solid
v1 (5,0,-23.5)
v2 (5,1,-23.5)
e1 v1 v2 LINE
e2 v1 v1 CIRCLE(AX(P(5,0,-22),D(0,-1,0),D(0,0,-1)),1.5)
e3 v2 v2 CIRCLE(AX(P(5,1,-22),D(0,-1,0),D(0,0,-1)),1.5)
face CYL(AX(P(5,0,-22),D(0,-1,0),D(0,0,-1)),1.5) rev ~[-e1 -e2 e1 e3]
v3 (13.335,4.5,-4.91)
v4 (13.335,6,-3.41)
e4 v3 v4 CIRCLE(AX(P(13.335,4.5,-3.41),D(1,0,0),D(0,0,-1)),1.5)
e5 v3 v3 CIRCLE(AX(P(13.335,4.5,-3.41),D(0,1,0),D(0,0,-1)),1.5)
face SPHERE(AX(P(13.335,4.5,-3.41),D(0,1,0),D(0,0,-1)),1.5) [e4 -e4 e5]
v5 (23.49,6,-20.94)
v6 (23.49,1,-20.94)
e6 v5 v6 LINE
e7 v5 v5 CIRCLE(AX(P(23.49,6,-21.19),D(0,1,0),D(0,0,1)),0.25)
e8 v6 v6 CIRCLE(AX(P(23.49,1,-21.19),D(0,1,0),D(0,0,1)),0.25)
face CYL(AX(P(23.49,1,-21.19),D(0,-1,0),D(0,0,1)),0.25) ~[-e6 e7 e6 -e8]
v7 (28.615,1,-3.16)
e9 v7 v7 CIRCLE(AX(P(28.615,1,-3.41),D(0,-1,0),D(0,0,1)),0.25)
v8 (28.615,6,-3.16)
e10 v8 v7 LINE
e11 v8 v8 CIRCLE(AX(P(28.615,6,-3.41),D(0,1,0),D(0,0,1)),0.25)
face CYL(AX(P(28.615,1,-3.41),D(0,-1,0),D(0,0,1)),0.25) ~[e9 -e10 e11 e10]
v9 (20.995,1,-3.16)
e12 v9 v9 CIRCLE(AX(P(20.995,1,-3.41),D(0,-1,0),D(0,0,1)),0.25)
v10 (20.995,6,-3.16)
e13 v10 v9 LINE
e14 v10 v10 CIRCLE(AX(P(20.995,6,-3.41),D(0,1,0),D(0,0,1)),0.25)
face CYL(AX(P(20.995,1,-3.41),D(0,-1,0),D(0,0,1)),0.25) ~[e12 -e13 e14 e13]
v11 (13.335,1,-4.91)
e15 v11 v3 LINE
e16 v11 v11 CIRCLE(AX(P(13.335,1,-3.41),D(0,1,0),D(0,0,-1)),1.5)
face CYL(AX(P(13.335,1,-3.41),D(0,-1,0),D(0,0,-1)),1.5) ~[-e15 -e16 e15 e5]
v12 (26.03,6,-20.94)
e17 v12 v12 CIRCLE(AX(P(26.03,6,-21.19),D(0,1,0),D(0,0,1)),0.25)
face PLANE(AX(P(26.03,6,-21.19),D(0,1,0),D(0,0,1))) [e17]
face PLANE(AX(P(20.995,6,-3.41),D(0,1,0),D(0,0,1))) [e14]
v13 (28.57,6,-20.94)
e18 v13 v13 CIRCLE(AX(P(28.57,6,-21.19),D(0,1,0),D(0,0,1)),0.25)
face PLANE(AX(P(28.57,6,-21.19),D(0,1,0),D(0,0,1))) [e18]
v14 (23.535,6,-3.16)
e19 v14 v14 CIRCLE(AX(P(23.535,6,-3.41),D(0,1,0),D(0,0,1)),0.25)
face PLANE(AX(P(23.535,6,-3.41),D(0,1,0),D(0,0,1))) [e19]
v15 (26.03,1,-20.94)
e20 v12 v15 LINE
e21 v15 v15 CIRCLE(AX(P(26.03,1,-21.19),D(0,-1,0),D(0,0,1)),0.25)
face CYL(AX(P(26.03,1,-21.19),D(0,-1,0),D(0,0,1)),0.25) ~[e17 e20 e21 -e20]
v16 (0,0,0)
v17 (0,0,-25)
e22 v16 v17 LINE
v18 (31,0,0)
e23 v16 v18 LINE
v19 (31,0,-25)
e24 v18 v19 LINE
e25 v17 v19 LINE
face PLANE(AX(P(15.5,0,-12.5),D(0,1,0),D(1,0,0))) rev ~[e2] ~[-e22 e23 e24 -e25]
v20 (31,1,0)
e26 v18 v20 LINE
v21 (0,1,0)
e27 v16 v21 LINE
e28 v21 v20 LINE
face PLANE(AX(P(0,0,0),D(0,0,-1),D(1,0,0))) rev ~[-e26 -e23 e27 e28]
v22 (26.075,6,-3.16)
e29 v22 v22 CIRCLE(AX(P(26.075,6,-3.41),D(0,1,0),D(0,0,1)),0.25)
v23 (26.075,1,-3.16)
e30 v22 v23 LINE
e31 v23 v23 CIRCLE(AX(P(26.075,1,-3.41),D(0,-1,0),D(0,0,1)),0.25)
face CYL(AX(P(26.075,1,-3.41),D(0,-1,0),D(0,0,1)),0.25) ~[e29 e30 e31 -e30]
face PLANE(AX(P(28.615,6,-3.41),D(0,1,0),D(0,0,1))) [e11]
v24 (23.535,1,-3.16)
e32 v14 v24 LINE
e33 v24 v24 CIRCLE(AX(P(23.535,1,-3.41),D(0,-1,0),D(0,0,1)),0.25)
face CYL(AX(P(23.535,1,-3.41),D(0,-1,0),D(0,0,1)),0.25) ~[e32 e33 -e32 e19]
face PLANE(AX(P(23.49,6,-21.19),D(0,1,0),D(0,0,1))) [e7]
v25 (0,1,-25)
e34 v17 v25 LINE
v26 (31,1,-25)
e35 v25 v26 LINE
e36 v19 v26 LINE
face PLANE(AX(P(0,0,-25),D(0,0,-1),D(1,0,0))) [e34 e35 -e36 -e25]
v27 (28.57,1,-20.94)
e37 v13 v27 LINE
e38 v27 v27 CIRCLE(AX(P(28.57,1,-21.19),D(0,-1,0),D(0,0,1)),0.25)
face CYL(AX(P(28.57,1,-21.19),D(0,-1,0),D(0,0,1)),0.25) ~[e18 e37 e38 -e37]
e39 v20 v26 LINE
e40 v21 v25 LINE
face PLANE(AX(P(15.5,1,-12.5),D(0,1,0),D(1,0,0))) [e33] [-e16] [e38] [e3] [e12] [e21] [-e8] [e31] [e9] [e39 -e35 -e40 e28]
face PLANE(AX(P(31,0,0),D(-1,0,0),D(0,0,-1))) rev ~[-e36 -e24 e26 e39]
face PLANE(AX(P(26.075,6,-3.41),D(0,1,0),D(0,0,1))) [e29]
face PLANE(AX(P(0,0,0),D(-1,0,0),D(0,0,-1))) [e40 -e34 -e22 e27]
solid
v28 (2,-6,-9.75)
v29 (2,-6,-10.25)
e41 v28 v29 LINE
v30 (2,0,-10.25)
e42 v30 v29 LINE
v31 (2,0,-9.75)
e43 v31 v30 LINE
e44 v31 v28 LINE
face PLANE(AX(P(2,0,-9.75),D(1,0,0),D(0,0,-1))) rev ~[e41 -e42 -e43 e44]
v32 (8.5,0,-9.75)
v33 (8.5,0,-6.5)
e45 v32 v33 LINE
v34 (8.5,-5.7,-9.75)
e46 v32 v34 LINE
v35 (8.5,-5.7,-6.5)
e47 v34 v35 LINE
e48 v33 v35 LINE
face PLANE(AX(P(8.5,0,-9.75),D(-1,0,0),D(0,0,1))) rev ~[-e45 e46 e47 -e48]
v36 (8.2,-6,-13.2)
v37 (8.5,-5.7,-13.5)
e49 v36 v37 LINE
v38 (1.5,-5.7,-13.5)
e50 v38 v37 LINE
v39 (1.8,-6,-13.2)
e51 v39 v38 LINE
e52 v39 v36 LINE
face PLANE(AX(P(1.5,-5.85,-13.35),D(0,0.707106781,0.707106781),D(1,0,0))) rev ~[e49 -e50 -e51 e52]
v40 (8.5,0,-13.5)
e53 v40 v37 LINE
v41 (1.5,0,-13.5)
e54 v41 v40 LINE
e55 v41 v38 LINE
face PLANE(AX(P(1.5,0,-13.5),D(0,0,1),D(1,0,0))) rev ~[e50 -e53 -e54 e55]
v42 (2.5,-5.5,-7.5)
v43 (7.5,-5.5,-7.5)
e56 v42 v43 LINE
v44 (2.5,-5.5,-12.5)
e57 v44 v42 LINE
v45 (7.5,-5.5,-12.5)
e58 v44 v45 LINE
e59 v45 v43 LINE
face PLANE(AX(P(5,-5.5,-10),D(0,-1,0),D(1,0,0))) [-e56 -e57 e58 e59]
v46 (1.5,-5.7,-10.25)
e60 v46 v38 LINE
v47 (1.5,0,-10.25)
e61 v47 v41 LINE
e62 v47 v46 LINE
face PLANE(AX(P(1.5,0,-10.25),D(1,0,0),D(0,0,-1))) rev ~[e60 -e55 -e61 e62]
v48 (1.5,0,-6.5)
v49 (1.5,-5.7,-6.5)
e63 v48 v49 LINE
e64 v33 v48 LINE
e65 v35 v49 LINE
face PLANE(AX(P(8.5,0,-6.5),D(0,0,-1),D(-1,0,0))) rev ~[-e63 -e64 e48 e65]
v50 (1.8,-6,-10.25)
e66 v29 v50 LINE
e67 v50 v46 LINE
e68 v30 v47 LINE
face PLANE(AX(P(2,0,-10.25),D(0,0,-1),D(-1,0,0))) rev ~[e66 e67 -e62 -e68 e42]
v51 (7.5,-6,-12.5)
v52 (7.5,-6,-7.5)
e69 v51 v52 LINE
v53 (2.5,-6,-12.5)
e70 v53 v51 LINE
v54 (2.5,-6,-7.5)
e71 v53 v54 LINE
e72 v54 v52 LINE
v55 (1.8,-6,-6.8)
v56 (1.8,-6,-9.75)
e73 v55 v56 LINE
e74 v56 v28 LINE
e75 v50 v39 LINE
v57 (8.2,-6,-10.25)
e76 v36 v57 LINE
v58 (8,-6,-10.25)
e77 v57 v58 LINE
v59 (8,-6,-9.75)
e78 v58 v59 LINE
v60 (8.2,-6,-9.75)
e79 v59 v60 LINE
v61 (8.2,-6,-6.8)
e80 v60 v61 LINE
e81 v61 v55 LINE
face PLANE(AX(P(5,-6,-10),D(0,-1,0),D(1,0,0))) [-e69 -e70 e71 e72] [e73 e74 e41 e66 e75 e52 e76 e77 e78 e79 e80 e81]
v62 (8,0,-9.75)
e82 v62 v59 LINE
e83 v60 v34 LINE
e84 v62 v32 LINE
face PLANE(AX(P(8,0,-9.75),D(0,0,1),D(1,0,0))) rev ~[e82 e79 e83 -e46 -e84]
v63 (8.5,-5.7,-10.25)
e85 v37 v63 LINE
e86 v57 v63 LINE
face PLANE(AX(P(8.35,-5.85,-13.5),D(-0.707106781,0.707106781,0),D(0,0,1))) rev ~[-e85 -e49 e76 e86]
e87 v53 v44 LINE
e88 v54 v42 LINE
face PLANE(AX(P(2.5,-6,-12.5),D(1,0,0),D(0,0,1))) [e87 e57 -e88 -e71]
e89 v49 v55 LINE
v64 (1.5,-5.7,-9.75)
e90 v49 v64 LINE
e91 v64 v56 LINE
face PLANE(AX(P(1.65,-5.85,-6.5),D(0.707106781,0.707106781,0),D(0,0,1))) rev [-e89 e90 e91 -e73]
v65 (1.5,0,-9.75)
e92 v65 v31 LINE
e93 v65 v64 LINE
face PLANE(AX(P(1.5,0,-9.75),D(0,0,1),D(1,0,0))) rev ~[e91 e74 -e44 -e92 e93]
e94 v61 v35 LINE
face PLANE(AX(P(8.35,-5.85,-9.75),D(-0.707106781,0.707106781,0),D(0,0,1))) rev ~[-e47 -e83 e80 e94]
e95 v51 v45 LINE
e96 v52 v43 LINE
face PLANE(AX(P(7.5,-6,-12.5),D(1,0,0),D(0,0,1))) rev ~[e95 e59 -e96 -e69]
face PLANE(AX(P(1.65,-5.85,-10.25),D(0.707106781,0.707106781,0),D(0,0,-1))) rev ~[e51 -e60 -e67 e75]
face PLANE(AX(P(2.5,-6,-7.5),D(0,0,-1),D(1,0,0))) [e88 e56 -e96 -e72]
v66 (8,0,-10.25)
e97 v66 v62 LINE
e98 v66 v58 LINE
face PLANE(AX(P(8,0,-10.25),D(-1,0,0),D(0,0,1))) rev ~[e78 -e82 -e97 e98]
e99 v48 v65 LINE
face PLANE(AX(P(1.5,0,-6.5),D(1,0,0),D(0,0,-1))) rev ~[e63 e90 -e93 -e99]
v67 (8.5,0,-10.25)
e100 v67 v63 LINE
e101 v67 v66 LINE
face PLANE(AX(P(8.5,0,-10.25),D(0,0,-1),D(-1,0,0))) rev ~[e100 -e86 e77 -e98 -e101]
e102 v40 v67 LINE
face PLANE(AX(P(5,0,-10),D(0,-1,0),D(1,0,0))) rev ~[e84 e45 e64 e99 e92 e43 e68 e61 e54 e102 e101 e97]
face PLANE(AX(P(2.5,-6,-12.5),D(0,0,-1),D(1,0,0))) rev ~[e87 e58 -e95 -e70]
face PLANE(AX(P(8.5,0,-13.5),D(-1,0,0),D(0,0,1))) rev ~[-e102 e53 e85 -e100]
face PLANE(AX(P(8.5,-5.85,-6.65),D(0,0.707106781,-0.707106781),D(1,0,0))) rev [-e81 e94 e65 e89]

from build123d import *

# Parameters (mm, degrees)
SKICA1_W                  = 31
SKICA1_H                  = 25
P_IDAT_VYSUNUT_M1_DEPTH   = 1
P_IDAT_VYSUNUT_M2_DEPTH   = 6
SKICA3_W                  = 5
SKICA3_H                  = 5
ODEBRAT_VYSUNUT_M1_DEPTH  = 0.5
SKICA4_R                  = 1.5
ODEBRAT_VYSUNUT_M2_DEPTH  = 41.274061131
ZKOSEN_1_SIZE             = 0.3
SKICA5_R                  = 0.25
P_IDAT_VYSUNUT_M3_DEPTH   = 5
P_IDAT_VYSUNUT_M3_2_DEPTH = 5
P_IDAT_VYSUNUT_M3_3_DEPTH = 5
P_IDAT_VYSUNUT_M3_4_DEPTH = 5
P_IDAT_VYSUNUT_M3_5_DEPTH = 5
P_IDAT_VYSUNUT_M3_6_DEPTH = 5
P_IDAT_VYSUNUT_M3_7_DEPTH = 5
SKICA7_R                  = 0.25
P_IDAT_VYSUNUT_M5_DEPTH   = 0.5
SKICA6_R                  = 1.5
P_IDAT_VYSUNUT_M4_DEPTH   = 5
ZAOBLIT1_R                = 1.5


with BuildPart() as part:
    # Skica1 → Přidat vysunutím1 (new body)
    with BuildSketch(Plane(origin=(0, 0, 0), x_dir=(1, 0, 0), z_dir=(0, 1, 0))):
        with Locations((15.5, 12.5)):
            Rectangle(SKICA1_W, SKICA1_H)
    extrude(amount=P_IDAT_VYSUNUT_M1_DEPTH)

    # Skica4 → Odebrat vysunutím2 (cut, through all)
    with BuildSketch(Plane.XZ):
        with Locations(Location((5, -22, 0), (0, 0, 270))):
            Circle(SKICA4_R)
    extrude(amount=-ODEBRAT_VYSUNUT_M2_DEPTH, mode=Mode.SUBTRACT)



with BuildPart() as body_2:
    # Skica2 → Přidat vysunutím2 (new body)
    with BuildSketch(Plane.XZ):
        Polygon((1.5, -6.5), (1.5, -9.75), (2, -9.75), (2, -10.25), (1.5, -10.25), (1.5, -13.5), (8.5, -13.5), (8.5, -10.25), (8, -10.25), (8, -9.75), (8.5, -9.75), (8.5, -6.5), align=None)
    extrude(amount=P_IDAT_VYSUNUT_M2_DEPTH)

    # Skica3 → Odebrat vysunutím1 (cut)
    with BuildSketch(Plane.XZ.offset(6)):
        with Locations((5, -10)):
            Rectangle(SKICA3_W, SKICA3_H)
    extrude(amount=-ODEBRAT_VYSUNUT_M1_DEPTH, mode=Mode.SUBTRACT)

    # Zkosení1
    zkosen_1_edges = [body_2.edges().sort_by_distance(p)[0] for p in [
        (1.5, -6, -11.875),
        (5, -6, -13.5),
        (8.5, -6, -11.875),
        (8.5, -6, -8.125),
        (5, -6, -6.5),
        (1.5, -6, -8.125),
    ]]
    chamfer(zkosen_1_edges, length=ZKOSEN_1_SIZE)


with BuildPart() as body_3:
    # Skica5 → Přidat vysunutím3 (new body)
    with BuildSketch(Plane(origin=(0, 1, 0), x_dir=(1, 0, 0), z_dir=(0, 1, 0))):
        with Locations(Location((20.995, 3.41, 0), (0, 0, 270))):
            Circle(SKICA5_R)
    extrude(amount=P_IDAT_VYSUNUT_M3_DEPTH)


with BuildPart() as body_4:
    # Skica5 → P_idat vysunut_m3 2 (new body)
    with BuildSketch(Plane(origin=(0, 1, 0), x_dir=(1, 0, 0), z_dir=(0, 1, 0))):
        with Locations(Location((23.535, 3.41, 0), (0, 0, 270))):
            Circle(SKICA5_R)
    extrude(amount=P_IDAT_VYSUNUT_M3_2_DEPTH)


with BuildPart() as body_5:
    # Skica5 → P_idat vysunut_m3 3 (new body)
    with BuildSketch(Plane(origin=(0, 1, 0), x_dir=(1, 0, 0), z_dir=(0, 1, 0))):
        with Locations(Location((26.075, 3.41, 0), (0, 0, 270))):
            Circle(SKICA5_R)
    extrude(amount=P_IDAT_VYSUNUT_M3_3_DEPTH)


with BuildPart() as body_6:
    # Skica5 → P_idat vysunut_m3 4 (new body)
    with BuildSketch(Plane(origin=(0, 1, 0), x_dir=(1, 0, 0), z_dir=(0, 1, 0))):
        with Locations(Location((28.615, 3.41, 0), (0, 0, 270))):
            Circle(SKICA5_R)
    extrude(amount=P_IDAT_VYSUNUT_M3_4_DEPTH)


with BuildPart() as body_7:
    # Skica5 → P_idat vysunut_m3 5 (new body)
    with BuildSketch(Plane(origin=(0, 1, 0), x_dir=(1, 0, 0), z_dir=(0, 1, 0))):
        with Locations(Location((28.57, 21.19, 0), (0, 0, 270))):
            Circle(SKICA5_R)
    extrude(amount=P_IDAT_VYSUNUT_M3_5_DEPTH)


with BuildPart() as body_8:
    # Skica5 → P_idat vysunut_m3 6 (new body)
    with BuildSketch(Plane(origin=(0, 1, 0), x_dir=(1, 0, 0), z_dir=(0, 1, 0))):
        with Locations(Location((26.03, 21.19, 0), (0, 0, 270))):
            Circle(SKICA5_R)
    extrude(amount=P_IDAT_VYSUNUT_M3_6_DEPTH)


with BuildPart() as body_9:
    # Skica5 → P_idat vysunut_m3 7 (new body)
    with BuildSketch(Plane(origin=(0, 1, 0), x_dir=(1, 0, 0), z_dir=(0, 1, 0))):
        with Locations(Location((23.49, 21.19, 0), (0, 0, 270))):
            Circle(SKICA5_R)
    extrude(amount=P_IDAT_VYSUNUT_M3_7_DEPTH)


with BuildPart() as part_1:
    add(part.part)

    add(body_3.part)  # Přidat vysunutím5 merges body 3

    add(body_4.part)  # Přidat vysunutím5 merges body 4

    add(body_5.part)  # Přidat vysunutím5 merges body 5

    add(body_6.part)  # Přidat vysunutím5 merges body 6

    add(body_7.part)  # Přidat vysunutím5 merges body 7

    add(body_8.part)  # Přidat vysunutím5 merges body 8

    add(body_9.part)  # Přidat vysunutím5 merges body 9
    # Skica7 → Přidat vysunutím5 (add)
    with BuildSketch(Plane(origin=(0, 1, 0), x_dir=(1, 0, 0), z_dir=(0, 1, 0))):
        with Locations(Location((23.49, 21.19, 0), (0, 0, 90))):
            Circle(SKICA7_R)
        with Locations(Location((26.03, 21.19, 0), (0, 0, 90))):
            Circle(SKICA7_R)
        with Locations(Location((28.57, 21.19, 0), (0, 0, 90))):
            Circle(SKICA7_R)
        with Locations(Location((20.995, 3.41, 0), (0, 0, 90))):
            Circle(SKICA7_R)
        with Locations(Location((23.535, 3.41, 0), (0, 0, 90))):
            Circle(SKICA7_R)
        with Locations(Location((26.075, 3.41, 0), (0, 0, 90))):
            Circle(SKICA7_R)
        with Locations(Location((28.615, 3.41, 0), (0, 0, 90))):
            Circle(SKICA7_R)
    extrude(amount=P_IDAT_VYSUNUT_M5_DEPTH)

    # Skica6 → Přidat vysunutím4 (add)
    with BuildSketch(Plane(origin=(0, 1, 0), x_dir=(1, 0, 0), z_dir=(0, 1, 0))):
        with Locations(Location((13.335, 3.41, 0), (0, 0, 90))):
            Circle(SKICA6_R)
    extrude(amount=P_IDAT_VYSUNUT_M4_DEPTH)

    # Zaoblit1
    zaoblit1_edges = [part_1.edges().sort_by_distance(p)[0] for p in [
        (13.335, 6, -1.91),
    ]]
    fillet(zaoblit1_edges, radius=ZAOBLIT1_R)


solid = Compound([body_2.part, part_1.part])
